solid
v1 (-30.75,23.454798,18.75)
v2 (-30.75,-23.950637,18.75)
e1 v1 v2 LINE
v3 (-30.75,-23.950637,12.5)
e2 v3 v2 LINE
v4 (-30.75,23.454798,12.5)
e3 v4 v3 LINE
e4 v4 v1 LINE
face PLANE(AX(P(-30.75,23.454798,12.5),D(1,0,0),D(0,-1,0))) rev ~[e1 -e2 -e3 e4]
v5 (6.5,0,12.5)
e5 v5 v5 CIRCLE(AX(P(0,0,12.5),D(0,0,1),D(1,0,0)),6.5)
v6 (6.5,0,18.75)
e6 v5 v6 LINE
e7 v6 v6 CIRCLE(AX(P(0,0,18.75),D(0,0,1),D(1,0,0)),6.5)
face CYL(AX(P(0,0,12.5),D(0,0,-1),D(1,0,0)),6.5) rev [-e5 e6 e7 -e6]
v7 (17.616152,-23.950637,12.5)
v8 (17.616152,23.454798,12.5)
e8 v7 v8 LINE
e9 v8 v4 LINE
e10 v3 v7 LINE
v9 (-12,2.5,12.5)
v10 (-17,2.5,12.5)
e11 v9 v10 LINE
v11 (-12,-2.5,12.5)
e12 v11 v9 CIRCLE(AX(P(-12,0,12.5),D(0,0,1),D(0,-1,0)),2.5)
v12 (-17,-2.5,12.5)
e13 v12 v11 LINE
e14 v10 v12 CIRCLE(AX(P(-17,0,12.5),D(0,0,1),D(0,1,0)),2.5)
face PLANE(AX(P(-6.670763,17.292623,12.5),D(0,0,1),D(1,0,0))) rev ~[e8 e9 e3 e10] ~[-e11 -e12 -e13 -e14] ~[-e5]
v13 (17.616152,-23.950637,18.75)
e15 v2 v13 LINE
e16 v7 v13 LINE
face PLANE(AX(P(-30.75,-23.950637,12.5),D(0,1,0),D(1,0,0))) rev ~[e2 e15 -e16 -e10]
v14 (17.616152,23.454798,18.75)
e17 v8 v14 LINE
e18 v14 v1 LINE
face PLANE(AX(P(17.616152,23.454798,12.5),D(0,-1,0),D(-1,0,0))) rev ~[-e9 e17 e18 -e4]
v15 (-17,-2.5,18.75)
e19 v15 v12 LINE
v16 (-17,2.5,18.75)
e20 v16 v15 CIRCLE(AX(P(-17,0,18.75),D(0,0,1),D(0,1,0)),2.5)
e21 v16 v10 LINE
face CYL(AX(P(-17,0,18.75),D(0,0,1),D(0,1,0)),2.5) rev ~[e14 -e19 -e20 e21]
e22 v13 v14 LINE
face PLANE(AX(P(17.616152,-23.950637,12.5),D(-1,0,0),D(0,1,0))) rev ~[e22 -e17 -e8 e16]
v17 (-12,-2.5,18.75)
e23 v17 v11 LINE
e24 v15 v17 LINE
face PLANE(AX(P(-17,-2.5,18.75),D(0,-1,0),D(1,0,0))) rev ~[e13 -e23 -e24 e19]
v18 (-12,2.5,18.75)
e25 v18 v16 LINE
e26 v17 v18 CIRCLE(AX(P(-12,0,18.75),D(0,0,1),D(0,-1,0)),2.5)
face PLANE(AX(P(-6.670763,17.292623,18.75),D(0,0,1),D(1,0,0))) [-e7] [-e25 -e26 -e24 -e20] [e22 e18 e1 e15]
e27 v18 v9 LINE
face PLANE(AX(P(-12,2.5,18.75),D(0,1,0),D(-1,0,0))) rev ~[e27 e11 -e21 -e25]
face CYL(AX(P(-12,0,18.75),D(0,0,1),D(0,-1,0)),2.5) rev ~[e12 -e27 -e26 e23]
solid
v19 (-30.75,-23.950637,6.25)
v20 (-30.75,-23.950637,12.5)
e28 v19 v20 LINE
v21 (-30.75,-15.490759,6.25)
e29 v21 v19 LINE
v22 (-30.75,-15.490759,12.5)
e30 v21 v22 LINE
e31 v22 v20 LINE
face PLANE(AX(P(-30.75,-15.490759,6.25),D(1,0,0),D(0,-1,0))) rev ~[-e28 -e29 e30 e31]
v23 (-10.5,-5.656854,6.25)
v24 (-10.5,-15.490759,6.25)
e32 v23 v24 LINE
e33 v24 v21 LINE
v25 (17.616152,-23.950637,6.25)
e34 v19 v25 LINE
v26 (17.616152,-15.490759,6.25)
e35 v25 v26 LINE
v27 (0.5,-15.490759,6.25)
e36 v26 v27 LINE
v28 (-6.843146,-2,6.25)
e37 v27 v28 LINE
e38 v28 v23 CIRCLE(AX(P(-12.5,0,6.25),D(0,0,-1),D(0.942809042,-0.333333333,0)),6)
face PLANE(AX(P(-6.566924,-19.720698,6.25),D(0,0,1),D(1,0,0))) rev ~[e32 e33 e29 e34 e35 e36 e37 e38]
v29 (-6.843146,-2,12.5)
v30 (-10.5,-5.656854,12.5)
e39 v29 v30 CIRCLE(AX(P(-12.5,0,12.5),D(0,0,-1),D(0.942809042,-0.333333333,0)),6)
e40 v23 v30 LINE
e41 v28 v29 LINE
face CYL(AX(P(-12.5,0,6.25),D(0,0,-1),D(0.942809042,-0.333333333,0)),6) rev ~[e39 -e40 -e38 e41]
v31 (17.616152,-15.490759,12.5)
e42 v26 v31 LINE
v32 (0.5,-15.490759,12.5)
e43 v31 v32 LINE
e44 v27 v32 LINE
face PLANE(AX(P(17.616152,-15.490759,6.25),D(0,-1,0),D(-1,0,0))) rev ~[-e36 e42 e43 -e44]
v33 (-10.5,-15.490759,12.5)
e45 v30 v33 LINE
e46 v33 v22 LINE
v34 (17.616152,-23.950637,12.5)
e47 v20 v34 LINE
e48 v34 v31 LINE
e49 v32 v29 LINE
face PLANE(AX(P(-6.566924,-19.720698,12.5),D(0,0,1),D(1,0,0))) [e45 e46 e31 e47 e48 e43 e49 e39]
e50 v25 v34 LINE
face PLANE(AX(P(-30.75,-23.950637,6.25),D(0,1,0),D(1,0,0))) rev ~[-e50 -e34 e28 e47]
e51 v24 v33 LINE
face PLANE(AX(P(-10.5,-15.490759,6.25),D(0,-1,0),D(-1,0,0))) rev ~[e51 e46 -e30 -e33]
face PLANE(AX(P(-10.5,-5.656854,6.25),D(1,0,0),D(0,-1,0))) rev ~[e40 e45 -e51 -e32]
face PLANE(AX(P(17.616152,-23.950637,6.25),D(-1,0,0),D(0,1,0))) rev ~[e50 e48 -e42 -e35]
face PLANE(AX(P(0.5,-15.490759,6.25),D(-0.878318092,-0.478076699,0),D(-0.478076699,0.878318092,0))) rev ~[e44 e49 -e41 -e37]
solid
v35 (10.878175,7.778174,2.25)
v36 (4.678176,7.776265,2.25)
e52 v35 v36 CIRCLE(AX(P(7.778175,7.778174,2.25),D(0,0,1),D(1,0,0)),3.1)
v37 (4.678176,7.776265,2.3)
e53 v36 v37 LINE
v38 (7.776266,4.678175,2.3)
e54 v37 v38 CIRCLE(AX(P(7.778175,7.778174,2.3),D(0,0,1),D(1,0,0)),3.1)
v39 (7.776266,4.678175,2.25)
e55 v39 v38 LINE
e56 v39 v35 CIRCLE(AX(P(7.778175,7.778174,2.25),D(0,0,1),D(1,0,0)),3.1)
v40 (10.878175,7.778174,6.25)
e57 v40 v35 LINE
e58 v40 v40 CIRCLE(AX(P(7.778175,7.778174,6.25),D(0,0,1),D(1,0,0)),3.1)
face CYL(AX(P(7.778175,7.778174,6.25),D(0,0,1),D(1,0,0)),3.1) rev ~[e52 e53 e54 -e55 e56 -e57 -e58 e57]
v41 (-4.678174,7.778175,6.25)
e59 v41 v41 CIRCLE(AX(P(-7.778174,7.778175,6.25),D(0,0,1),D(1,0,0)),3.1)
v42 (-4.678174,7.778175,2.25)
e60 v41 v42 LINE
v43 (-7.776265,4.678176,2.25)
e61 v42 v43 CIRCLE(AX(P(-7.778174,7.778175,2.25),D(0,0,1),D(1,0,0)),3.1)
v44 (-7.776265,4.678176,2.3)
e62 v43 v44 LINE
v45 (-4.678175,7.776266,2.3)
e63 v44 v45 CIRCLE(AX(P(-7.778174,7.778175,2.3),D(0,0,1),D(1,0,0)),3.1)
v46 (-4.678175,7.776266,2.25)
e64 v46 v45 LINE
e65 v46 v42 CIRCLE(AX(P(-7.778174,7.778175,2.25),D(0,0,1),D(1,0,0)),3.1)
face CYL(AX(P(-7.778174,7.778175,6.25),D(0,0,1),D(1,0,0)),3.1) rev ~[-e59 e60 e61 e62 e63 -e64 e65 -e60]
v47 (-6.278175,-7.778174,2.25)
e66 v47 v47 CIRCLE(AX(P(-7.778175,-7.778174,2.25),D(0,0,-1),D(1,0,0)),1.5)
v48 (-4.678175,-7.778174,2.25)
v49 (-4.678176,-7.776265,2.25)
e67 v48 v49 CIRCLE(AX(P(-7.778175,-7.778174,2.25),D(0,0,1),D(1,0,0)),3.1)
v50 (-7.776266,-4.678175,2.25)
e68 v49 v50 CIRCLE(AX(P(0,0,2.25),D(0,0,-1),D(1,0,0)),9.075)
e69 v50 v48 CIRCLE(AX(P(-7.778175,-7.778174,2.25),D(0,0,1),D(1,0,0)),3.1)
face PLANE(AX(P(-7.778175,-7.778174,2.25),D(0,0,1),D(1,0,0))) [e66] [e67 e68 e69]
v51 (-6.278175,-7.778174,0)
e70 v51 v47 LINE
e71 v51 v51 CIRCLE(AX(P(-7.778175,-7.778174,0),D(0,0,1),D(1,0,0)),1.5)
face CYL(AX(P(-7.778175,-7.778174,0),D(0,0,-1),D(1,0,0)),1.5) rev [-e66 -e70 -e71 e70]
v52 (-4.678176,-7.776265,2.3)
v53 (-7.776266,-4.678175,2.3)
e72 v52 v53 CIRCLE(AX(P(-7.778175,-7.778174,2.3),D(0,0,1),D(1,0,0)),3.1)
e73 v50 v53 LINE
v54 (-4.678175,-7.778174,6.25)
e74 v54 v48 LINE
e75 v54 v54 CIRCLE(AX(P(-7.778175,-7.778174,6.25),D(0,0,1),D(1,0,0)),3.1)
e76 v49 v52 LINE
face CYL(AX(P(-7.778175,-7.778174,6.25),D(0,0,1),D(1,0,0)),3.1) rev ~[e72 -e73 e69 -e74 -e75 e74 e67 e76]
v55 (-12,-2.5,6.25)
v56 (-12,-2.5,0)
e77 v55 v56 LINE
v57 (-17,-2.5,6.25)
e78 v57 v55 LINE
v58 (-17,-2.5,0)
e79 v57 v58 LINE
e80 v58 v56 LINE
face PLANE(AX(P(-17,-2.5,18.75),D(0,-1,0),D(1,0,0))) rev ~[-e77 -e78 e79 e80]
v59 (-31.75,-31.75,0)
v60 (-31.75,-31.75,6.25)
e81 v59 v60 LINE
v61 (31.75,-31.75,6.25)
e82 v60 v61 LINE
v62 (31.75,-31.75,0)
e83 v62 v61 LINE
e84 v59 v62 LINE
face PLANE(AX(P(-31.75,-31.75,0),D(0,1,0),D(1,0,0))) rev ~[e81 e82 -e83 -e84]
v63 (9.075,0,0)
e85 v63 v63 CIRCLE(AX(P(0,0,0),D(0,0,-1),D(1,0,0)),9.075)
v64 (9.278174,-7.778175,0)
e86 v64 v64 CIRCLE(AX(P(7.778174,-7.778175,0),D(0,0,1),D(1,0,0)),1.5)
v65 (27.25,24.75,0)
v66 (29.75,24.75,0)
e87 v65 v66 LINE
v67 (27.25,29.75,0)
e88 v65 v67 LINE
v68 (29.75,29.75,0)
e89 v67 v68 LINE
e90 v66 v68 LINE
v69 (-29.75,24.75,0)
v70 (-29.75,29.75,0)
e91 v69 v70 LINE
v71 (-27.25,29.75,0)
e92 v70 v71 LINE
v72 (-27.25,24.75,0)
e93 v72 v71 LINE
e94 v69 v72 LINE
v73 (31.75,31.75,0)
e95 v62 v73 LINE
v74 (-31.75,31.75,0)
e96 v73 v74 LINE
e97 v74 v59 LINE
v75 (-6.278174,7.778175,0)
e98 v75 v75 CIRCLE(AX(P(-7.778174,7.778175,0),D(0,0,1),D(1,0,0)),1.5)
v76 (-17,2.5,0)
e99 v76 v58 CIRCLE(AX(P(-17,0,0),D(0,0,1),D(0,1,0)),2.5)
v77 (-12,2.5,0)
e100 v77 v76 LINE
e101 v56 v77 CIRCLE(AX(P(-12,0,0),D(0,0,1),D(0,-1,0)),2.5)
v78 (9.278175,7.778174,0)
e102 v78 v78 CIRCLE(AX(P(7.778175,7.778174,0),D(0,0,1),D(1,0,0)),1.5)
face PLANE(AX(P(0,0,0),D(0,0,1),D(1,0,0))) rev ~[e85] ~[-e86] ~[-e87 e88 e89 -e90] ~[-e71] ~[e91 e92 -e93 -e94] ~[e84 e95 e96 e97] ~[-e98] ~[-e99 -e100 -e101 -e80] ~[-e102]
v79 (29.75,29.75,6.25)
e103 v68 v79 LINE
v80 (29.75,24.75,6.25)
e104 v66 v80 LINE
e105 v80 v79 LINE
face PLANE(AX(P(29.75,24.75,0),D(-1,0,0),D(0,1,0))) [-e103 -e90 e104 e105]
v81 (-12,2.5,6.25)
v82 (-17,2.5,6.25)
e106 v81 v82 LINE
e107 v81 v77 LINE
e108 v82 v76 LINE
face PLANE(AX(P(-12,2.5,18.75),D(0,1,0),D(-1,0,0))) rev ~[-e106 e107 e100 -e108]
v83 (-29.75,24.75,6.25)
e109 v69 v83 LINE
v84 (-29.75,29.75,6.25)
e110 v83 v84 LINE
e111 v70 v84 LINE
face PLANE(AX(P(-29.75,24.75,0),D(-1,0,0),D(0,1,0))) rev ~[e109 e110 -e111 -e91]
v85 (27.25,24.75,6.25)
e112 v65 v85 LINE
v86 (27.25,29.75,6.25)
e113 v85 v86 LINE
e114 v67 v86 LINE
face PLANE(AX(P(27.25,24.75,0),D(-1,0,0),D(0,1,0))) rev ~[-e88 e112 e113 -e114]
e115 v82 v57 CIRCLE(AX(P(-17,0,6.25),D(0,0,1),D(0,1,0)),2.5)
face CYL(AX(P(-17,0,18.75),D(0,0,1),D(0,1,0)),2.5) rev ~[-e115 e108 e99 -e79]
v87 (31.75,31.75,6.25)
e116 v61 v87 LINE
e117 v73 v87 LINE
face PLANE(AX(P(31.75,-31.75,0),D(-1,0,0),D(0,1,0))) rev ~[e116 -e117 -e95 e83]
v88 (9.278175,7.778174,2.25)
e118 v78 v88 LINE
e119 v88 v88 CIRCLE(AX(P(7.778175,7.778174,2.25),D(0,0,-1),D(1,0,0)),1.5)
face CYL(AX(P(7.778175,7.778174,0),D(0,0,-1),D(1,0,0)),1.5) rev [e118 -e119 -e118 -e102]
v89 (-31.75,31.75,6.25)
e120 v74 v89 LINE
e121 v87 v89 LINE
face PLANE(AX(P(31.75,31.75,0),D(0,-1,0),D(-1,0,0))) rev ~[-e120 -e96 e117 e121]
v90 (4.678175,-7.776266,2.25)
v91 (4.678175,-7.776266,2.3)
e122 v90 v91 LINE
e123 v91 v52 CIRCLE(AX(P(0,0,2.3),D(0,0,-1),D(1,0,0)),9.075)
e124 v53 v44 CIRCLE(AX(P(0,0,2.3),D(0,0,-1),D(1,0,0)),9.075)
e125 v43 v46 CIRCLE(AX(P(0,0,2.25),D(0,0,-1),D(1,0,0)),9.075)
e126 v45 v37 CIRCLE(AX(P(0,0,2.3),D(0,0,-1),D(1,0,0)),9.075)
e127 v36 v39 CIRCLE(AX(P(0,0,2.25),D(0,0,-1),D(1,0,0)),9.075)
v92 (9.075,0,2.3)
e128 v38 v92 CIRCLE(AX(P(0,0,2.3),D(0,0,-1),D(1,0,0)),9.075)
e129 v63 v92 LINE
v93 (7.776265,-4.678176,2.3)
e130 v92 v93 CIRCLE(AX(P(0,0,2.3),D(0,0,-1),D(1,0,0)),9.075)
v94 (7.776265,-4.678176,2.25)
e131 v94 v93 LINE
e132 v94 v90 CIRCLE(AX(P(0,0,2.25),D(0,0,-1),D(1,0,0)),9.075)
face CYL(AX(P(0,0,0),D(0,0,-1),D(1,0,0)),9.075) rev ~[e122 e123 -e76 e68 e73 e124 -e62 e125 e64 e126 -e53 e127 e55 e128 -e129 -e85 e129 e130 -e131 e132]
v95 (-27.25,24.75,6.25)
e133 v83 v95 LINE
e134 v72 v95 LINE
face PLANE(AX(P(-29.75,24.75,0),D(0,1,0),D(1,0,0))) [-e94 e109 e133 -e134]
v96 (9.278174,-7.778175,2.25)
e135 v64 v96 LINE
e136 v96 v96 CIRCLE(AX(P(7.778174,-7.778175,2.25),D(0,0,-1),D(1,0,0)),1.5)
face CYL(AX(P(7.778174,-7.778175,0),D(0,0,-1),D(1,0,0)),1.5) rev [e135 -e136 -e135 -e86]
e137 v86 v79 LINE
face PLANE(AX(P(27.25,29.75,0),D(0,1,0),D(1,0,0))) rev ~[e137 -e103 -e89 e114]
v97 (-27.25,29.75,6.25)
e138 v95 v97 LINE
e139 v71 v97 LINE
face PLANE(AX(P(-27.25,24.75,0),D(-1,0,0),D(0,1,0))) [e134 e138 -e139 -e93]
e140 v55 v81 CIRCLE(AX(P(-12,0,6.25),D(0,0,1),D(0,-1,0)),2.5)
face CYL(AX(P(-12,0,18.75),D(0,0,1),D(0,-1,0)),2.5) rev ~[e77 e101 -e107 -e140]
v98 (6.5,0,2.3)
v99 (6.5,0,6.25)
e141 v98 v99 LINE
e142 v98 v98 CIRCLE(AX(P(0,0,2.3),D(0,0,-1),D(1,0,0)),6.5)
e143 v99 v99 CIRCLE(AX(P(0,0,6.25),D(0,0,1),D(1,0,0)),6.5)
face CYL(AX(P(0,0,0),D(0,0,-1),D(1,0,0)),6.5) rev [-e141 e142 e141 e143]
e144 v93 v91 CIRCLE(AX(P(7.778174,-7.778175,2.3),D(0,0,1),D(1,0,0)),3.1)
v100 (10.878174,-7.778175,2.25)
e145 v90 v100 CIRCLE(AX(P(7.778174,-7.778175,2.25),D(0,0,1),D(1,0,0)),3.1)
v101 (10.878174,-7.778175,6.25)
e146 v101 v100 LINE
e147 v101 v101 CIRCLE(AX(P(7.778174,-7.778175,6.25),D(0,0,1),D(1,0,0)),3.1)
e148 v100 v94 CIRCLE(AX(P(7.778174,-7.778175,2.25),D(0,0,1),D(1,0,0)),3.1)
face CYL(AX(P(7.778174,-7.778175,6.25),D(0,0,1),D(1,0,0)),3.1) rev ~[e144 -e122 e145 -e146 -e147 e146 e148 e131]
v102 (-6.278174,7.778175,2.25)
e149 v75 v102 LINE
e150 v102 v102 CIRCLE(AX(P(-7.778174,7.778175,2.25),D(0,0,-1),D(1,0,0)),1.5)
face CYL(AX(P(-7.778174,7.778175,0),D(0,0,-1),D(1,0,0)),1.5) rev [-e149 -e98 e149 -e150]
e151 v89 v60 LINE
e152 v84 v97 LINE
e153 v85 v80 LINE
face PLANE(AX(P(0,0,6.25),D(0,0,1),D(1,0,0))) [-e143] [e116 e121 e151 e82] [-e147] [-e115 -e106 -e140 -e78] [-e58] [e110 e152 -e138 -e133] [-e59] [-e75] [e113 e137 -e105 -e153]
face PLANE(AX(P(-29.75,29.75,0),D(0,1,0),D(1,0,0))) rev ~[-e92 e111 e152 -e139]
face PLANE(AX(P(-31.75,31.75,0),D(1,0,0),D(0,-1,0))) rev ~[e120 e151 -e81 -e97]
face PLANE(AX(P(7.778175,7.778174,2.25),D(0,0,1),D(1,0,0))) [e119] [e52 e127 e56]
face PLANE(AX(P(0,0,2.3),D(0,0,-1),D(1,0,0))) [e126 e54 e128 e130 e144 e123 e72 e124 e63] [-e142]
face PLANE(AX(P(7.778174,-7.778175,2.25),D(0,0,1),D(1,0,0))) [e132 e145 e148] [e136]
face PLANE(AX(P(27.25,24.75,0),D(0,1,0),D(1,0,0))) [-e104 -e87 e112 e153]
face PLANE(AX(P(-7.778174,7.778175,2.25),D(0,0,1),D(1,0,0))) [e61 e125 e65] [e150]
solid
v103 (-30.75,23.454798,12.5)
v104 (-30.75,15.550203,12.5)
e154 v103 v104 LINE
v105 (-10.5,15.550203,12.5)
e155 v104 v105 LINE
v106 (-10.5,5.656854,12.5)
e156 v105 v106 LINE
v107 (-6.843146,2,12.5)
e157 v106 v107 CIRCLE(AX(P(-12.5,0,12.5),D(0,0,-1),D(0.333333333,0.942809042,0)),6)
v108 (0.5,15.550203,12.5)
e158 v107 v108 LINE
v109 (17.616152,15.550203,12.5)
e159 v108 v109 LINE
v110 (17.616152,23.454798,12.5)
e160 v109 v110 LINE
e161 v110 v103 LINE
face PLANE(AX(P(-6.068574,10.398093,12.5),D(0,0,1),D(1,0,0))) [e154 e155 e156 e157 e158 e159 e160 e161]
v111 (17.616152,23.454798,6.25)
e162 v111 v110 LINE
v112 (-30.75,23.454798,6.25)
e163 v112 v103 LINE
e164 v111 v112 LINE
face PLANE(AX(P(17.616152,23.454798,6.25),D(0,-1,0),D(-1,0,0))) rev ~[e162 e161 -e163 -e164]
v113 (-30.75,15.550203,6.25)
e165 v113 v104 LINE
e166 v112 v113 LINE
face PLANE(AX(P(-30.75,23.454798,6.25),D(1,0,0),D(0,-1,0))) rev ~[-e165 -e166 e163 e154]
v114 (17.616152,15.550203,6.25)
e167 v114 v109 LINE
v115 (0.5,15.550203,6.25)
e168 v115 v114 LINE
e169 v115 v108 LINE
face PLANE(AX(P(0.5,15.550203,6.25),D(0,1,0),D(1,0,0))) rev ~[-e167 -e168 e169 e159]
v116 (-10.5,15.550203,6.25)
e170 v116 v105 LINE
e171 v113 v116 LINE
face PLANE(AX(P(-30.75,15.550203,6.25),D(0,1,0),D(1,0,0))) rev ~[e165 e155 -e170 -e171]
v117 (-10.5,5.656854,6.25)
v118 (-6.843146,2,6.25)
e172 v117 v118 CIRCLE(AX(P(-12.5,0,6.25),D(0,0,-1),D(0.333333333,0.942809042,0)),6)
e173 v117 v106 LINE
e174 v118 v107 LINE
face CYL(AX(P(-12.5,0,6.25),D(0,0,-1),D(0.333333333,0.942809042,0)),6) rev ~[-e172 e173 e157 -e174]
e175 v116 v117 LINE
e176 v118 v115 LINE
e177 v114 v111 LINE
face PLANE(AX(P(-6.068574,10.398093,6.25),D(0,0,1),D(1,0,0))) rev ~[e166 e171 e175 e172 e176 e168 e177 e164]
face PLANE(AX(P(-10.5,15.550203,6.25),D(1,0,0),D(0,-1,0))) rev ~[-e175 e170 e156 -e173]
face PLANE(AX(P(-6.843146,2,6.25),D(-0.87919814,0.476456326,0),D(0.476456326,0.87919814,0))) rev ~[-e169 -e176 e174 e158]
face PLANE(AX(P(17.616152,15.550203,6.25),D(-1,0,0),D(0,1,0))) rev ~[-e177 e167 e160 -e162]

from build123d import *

# Parameters (mm, degrees)
F3_R      = 1.5
F3_W      = 2.5
F3_H      = 5
F3_R_2    = 6.5
F4_DEPTH  = 6.25
F5_R      = 3.1
F6_DEPTH  = 4
F7_R      = 9.075
F7_R_2    = 6.5
F8_DEPTH  = 2.3
F10_DEPTH = 6.25
F11_R     = 6.5
F12_DEPTH = 6.25
F14_DEPTH = 25


with BuildPart() as f4:
    # F3 (on Top) → F4 (new body)
    with BuildSketch(Plane.XY):
        Polygon((-27.25, 31.75), (-31.75, 31.75), (-31.75, -31.75), (31.75, -31.75), (31.75, 31.75), (27.25, 31.75), align=None)
        with Locations((-7.778175, -7.7781741861)):
            Circle(F3_R, mode=Mode.SUBTRACT)
        with Locations((7.7781741861, -7.778175)):
            Circle(F3_R, mode=Mode.SUBTRACT)
        with Locations((-7.7781741861, 7.778175)):
            Circle(F3_R, mode=Mode.SUBTRACT)
        with Locations((-28.5, 27.25)):
            Rectangle(F3_W, F3_H, mode=Mode.SUBTRACT)
        Circle(F3_R_2, mode=Mode.SUBTRACT)
        with Locations((7.778175, 7.7781741861)):
            Circle(F3_R, mode=Mode.SUBTRACT)
        with Locations((28.5, 27.25)):
            Rectangle(F3_W, F3_H, mode=Mode.SUBTRACT)
    extrude(amount=F4_DEPTH)

    # F5 (on face) → F6 (cut)
    with BuildSketch(Plane.XY.offset(6.25)):
        with Locations((-7.7781741861, 7.778175)):
            Circle(F5_R)
        with Locations((-7.778175, -7.7781741861)):
            Circle(F5_R)
        with Locations((7.7781741861, -7.778175)):
            Circle(F5_R)
        with Locations((7.778175, 7.7781741861)):
            Circle(F5_R)
    extrude(amount=-F6_DEPTH, mode=Mode.SUBTRACT)

    # F7 (on face) → F8 (cut)
    with BuildSketch(Plane(origin=(0, 0, 0), x_dir=(1, 0, 0), z_dir=(0, 0, -1))):
        Circle(F7_R)
        Circle(F7_R_2, mode=Mode.SUBTRACT)
    extrude(amount=-F8_DEPTH, mode=Mode.SUBTRACT)


with BuildPart() as f10:
    # F9 (on face) → F10 (new body)
    with BuildSketch(Plane.XY.offset(6.25)):
        with BuildLine():
            ThreePointArc((-10.5, 5.6568542495), (-8.2573593129, 4.2426406871), (-6.8431457505, 2))
            Line((-6.8431457505, 2), (0.5, 15.5502033014))
            Line((0.5, 15.5502033014), (-10.5, 15.5502033014))
            Line((-10.5, 15.5502033014), (-10.5, 5.6568542495))
        make_face()
        Polygon((-10.5, 15.5502033014), (0.5, 15.5502033014), (17.6161517501, 15.5502033014), (17.6161517501, 23.4547978675), (-30.75, 23.4547978675), (-30.75, 15.5502033014), align=None)
    extrude(amount=F10_DEPTH)


with BuildPart() as f10b:
    # F9 (on face) → F10, piece 2 (new body)
    with BuildSketch(Plane.XY.offset(6.25)):
        Polygon((-10.5, -15.4907594841), (-30.75, -15.4907594841), (-30.75, -23.9506369049), (17.6161517501, -23.9506369049), (17.6161517501, -15.4907594841), (0.5, -15.4907594841), align=None)
        with BuildLine():
            Line((-10.5, -5.6568542495), (-10.5, -15.4907594841))
            Line((-10.5, -15.4907594841), (0.5, -15.4907594841))
            Line((0.5, -15.4907594841), (-6.8431457505, -2))
            ThreePointArc((-6.8431457505, -2), (-8.2573593129, -4.2426406871), (-10.5, -5.6568542495))
        make_face()
    extrude(amount=F10_DEPTH)


with BuildPart() as f12:
    # F11 (on face) → F12 (new body)
    with BuildSketch(Plane.XY.offset(12.5)):
        with BuildLine():
            Line((17.6161517501, 23.4547978675), (-30.75, 23.4547978675))
            Line((-30.75, 23.4547978675), (-30.75, 15.5502033014))
            Line((-30.75, 15.5502033014), (-10.5, 15.5502033014))
            Line((-10.5, 15.5502033014), (-10.5, 5.6568542495))
            ThreePointArc((-10.5, 5.6568542495), (-8.2573593129, 4.2426406871), (-6.8431457505, 2))
            Line((-6.8431457505, 2), (0.5, 15.5502033014))
            Line((0.5, 15.5502033014), (17.6161517501, 15.5502033014))
            Line((17.6161517501, 15.5502033014), (17.6161517501, 23.4547978675))
        make_face()
        with BuildLine():
            Line((-10.5, 15.5502033014), (-30.75, 15.5502033014))
            Line((-30.75, 15.5502033014), (-30.75, -23.9506369049))
            Line((-30.75, -23.9506369049), (17.6161517501, -23.9506369049))
            Line((17.6161517501, -23.9506369049), (17.6161517501, 15.5502033014))
            Line((17.6161517501, 15.5502033014), (0.5, 15.5502033014))
            Line((0.5, 15.5502033014), (-6.8431457505, 2))
            ThreePointArc((-6.8431457505, 2), (-8.2573593129, 4.2426406871), (-10.5, 5.6568542495))
            Line((-10.5, 5.6568542495), (-10.5, 15.5502033014))
        make_face()
        Circle(F11_R, mode=Mode.SUBTRACT)
    extrude(amount=F12_DEPTH)


with BuildPart() as f14_tool:
    # F13 (on face) → F14 (new body)
    with BuildSketch(Plane.XY.offset(18.75)):
        with BuildLine():
            Line((-12, 2.5), (-17, 2.5))
            ThreePointArc((-17, 2.5), (-19.5, 0), (-17, -2.5))
            Line((-17, -2.5), (-12, -2.5))
            ThreePointArc((-12, -2.5), (-9.5, 0), (-12, 2.5))
        make_face()
    extrude(amount=-F14_DEPTH)


with BuildPart() as f4_1:
    add(f4.part)

    # F14: cut by f14_tool
    add(f14_tool.part, mode=Mode.SUBTRACT)


with BuildPart() as f12_1:
    add(f12.part)

    # F14: cut by f14_tool
    add(f14_tool.part, mode=Mode.SUBTRACT)


solid = Compound([f10.part, f10b.part, f4_1.part, f12_1.part])
